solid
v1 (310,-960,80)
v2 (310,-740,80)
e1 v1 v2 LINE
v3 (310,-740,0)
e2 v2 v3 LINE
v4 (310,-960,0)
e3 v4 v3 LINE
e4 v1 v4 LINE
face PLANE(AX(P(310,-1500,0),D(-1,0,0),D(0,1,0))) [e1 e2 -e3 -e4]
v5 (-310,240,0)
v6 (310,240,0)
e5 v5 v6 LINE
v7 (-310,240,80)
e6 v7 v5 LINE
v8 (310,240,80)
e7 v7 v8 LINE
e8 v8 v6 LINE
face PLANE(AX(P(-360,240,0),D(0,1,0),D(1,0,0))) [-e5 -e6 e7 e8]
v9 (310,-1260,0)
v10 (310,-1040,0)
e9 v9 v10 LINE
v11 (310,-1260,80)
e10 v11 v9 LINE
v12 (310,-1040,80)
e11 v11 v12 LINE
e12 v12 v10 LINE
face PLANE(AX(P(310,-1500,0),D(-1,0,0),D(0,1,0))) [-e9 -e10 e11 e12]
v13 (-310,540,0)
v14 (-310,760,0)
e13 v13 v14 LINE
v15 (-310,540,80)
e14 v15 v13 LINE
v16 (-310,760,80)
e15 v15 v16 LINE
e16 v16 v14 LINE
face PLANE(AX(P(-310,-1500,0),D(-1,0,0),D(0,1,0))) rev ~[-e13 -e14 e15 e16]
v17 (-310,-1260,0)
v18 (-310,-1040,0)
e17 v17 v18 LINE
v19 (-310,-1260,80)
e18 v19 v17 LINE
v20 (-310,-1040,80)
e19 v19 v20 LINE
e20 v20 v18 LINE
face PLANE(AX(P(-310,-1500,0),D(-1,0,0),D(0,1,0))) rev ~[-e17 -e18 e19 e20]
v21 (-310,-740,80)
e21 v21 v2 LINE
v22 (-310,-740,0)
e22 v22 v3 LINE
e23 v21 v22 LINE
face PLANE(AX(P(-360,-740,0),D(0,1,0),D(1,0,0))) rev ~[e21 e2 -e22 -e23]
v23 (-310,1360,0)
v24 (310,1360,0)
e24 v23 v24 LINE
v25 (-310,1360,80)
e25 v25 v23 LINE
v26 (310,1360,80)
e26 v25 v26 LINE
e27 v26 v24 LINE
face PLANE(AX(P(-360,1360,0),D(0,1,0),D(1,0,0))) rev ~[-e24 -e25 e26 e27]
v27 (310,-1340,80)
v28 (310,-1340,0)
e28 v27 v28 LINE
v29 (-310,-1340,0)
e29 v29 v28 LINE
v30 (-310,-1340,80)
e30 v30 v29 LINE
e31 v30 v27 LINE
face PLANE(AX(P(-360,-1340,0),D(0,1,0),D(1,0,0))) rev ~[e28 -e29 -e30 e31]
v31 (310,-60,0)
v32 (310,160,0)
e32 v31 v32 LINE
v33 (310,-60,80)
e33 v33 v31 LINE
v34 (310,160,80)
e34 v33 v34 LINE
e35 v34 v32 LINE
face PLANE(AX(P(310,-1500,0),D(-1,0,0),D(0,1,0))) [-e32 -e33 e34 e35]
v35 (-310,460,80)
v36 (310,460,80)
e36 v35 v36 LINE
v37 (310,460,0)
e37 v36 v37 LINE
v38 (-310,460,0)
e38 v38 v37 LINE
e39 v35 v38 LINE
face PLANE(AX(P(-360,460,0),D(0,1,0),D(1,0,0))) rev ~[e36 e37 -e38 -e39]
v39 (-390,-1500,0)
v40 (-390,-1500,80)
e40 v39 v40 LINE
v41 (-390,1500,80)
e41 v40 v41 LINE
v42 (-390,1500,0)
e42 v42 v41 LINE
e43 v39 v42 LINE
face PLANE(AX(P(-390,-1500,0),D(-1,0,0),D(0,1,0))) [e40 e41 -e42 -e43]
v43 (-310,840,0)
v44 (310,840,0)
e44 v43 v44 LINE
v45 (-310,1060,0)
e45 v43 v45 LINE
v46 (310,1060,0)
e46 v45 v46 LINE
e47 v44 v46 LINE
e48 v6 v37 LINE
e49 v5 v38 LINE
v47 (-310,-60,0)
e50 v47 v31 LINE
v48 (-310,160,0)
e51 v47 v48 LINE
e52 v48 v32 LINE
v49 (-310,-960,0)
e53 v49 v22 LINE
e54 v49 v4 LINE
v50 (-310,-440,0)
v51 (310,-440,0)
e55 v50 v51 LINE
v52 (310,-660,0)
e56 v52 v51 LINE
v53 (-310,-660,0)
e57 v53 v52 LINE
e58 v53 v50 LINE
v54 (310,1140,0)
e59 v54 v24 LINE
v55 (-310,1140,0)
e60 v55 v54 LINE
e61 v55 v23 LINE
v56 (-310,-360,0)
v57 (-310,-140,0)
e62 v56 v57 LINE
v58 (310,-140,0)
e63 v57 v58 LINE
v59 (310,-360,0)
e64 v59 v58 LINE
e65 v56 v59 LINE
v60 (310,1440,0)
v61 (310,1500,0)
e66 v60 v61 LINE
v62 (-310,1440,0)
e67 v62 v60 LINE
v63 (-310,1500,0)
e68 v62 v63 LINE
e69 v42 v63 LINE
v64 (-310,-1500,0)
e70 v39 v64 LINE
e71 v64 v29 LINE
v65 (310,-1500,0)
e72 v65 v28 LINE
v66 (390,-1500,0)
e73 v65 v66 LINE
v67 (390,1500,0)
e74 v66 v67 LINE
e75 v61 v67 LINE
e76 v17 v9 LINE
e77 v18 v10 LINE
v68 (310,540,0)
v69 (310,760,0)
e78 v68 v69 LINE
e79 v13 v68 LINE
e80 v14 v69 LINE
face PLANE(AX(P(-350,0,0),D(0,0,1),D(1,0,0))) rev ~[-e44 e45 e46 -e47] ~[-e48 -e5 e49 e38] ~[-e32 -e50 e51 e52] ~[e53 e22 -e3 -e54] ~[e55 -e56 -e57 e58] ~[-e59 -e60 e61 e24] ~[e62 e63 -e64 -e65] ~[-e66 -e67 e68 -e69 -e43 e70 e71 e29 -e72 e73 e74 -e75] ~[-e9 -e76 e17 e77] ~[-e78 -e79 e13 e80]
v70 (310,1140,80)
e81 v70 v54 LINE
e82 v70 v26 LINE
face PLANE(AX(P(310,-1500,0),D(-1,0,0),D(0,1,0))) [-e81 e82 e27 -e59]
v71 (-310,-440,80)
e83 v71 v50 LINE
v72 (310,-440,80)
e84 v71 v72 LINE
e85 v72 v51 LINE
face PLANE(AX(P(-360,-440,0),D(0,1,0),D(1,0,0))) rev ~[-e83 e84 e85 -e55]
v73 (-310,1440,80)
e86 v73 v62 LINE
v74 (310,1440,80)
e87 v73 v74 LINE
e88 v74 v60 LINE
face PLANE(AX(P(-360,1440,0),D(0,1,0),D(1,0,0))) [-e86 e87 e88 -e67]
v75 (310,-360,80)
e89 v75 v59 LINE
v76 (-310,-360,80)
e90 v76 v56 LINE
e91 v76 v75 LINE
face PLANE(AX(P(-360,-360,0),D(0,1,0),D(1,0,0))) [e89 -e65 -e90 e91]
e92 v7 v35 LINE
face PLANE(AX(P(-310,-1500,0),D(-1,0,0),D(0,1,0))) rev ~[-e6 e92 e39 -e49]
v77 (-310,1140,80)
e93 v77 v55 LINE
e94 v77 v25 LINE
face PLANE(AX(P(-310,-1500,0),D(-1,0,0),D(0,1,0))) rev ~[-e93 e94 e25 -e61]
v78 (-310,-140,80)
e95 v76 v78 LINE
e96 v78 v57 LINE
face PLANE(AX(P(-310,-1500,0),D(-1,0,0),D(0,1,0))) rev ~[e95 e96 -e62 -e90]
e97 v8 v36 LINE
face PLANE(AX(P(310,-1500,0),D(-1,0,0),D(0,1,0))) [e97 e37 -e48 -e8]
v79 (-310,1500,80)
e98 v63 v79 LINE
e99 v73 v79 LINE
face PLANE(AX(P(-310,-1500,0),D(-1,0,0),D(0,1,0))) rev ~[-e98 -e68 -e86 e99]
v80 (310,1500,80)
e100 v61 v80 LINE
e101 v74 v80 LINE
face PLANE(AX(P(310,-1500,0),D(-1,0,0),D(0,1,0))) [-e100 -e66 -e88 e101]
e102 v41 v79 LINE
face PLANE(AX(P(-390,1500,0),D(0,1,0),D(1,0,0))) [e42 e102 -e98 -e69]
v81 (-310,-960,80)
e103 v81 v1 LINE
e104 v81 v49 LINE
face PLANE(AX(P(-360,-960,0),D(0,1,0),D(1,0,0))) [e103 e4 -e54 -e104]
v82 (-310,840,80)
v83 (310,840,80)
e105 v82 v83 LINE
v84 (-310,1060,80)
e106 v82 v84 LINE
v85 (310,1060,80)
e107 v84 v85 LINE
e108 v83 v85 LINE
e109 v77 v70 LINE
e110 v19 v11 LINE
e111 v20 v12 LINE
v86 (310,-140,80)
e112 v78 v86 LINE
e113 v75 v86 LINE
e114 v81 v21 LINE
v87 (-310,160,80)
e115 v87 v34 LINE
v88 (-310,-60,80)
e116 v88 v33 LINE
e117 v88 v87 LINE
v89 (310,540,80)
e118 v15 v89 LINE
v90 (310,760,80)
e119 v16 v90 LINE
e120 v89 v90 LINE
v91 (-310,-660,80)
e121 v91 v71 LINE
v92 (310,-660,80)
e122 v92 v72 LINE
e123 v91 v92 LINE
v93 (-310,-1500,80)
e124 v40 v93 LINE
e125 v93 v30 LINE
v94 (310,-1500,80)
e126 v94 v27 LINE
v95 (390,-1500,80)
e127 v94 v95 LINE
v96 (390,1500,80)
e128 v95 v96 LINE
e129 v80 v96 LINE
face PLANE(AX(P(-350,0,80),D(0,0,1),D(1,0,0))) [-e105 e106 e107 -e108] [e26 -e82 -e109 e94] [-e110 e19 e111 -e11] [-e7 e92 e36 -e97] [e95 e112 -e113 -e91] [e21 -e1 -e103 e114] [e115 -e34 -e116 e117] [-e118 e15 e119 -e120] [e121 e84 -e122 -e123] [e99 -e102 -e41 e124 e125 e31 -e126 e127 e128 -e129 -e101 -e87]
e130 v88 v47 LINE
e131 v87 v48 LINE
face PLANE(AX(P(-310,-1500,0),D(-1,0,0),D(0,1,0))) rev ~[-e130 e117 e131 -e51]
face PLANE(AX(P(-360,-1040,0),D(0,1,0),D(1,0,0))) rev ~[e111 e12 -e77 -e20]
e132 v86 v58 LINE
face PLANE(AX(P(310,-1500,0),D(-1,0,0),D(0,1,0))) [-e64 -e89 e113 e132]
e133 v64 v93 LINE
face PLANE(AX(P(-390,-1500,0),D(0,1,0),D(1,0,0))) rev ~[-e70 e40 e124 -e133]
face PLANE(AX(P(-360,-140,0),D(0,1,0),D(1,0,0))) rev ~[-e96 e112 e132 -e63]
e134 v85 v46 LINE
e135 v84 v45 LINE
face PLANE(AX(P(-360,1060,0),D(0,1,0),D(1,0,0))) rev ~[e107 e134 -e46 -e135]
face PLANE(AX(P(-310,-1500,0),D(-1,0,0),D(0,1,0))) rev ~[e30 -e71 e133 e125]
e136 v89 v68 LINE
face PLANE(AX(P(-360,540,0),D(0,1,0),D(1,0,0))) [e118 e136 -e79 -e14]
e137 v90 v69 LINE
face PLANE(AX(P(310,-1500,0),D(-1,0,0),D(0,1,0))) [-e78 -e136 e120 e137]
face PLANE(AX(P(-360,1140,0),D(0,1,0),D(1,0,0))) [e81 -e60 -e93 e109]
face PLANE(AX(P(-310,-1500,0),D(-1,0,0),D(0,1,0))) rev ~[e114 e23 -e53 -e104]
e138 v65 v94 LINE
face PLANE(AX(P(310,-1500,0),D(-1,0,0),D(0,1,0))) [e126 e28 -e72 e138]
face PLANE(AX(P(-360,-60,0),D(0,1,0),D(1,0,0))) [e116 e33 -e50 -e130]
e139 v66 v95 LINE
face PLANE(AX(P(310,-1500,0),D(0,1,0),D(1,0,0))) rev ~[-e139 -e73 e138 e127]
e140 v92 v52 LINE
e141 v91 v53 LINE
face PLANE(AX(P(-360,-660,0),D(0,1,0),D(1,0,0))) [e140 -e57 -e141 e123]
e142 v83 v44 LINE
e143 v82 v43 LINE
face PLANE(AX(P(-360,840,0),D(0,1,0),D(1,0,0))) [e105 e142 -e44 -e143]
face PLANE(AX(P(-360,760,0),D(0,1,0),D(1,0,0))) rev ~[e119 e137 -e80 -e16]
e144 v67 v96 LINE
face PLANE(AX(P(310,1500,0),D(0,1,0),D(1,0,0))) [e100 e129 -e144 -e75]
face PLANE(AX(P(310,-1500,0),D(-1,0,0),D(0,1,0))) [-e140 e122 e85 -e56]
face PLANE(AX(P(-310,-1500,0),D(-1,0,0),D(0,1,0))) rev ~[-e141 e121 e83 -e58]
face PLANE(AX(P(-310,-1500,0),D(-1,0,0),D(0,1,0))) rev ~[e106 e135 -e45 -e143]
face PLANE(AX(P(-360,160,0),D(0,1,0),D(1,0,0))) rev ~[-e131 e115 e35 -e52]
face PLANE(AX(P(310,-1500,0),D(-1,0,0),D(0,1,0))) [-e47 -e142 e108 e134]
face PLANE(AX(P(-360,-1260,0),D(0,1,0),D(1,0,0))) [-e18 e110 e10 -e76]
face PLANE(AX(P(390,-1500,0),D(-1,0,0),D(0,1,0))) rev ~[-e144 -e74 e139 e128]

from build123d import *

# Parameters (mm, degrees)
SKETCH_1_W       = 80
SKETCH_1_H       = 3000
EXTRUDE_1_DEPTH  = 80
SKETCH_2_W       = 80
SKETCH_2_H       = 3000
EXTRUDE_2_DEPTH  = 80
SKETCH_3_W       = 720
SKETCH_3_H       = 80
EXTRUDE_3_DEPTH  = 80
SKETCH_4_W       = 720
SKETCH_4_H       = 80
EXTRUDE_4_DEPTH  = 80
SKETCH_5_W       = 720
SKETCH_5_H       = 80
EXTRUDE_5_DEPTH  = 80
SKETCH_6_W       = 720
SKETCH_6_H       = 80
EXTRUDE_6_DEPTH  = 80
SKETCH_7_W       = 720
SKETCH_7_H       = 80
EXTRUDE_7_DEPTH  = 80
SKETCH_8_W       = 720
SKETCH_8_H       = 80
EXTRUDE_8_DEPTH  = 80
SKETCH_9_W       = 720
SKETCH_9_H       = 80
EXTRUDE_9_DEPTH  = 80
SKETCH_10_W      = 720
SKETCH_10_H      = 80
EXTRUDE_10_DEPTH = 80
SKETCH_11_W      = 720
SKETCH_11_H      = 80
EXTRUDE_11_DEPTH = 80
SKETCH_12_W      = 720
SKETCH_12_H      = 80
EXTRUDE_12_DEPTH = 80


with BuildPart() as part:
    # 草图1 → 凸台-拉伸1 (new body)
    with BuildSketch(Plane.XY):
        with Locations((-350, 0)):
            Rectangle(SKETCH_1_W, SKETCH_1_H)
    extrude(amount=EXTRUDE_1_DEPTH)



with BuildPart() as body_2:
    # 草图2 → 凸台-拉伸2 (new body)
    with BuildSketch(Plane.XY):
        with Locations((350, 0)):
            Rectangle(SKETCH_2_W, SKETCH_2_H)
    extrude(amount=EXTRUDE_2_DEPTH)


with BuildPart() as part_1:
    add(part.part)

    add(body_2.part)  # 凸台-拉伸3 merges body 2
    # 草图3 → 凸台-拉伸3 (add)
    with BuildSketch(Plane.XY):
        with Locations((0, 1400)):
            Rectangle(SKETCH_3_W, SKETCH_3_H)
    extrude(amount=EXTRUDE_3_DEPTH)

    # 草图4 → 凸台-拉伸4 (add)
    with BuildSketch(Plane.XY):
        with Locations((0, 1100)):
            Rectangle(SKETCH_4_W, SKETCH_4_H)
    extrude(amount=EXTRUDE_4_DEPTH)

    # 草图5 → 凸台-拉伸5 (add)
    with BuildSketch(Plane.XY):
        with Locations((0, 800)):
            Rectangle(SKETCH_5_W, SKETCH_5_H)
    extrude(amount=EXTRUDE_5_DEPTH)

    # 草图6 → 凸台-拉伸6 (add)
    with BuildSketch(Plane.XY):
        with Locations((0, 500)):
            Rectangle(SKETCH_6_W, SKETCH_6_H)
    extrude(amount=EXTRUDE_6_DEPTH)

    # 草图7 → 凸台-拉伸7 (add)
    with BuildSketch(Plane.XY):
        with Locations((0, 200)):
            Rectangle(SKETCH_7_W, SKETCH_7_H)
    extrude(amount=EXTRUDE_7_DEPTH)

    # 草图8 → 凸台-拉伸8 (add)
    with BuildSketch(Plane.XY):
        with Locations((0, -100)):
            Rectangle(SKETCH_8_W, SKETCH_8_H)
    extrude(amount=EXTRUDE_8_DEPTH)

    # 草图9 → 凸台-拉伸9 (add)
    with BuildSketch(Plane.XY):
        with Locations((0, -400)):
            Rectangle(SKETCH_9_W, SKETCH_9_H)
    extrude(amount=EXTRUDE_9_DEPTH)

    # 草图10 → 凸台-拉伸10 (add)
    with BuildSketch(Plane.XY):
        with Locations((0, -700)):
            Rectangle(SKETCH_10_W, SKETCH_10_H)
    extrude(amount=EXTRUDE_10_DEPTH)

    # 草图11 → 凸台-拉伸11 (add)
    with BuildSketch(Plane.XY):
        with Locations((0, -1000)):
            Rectangle(SKETCH_11_W, SKETCH_11_H)
    extrude(amount=EXTRUDE_11_DEPTH)

    # 草图12 → 凸台-拉伸12 (add)
    with BuildSketch(Plane.XY):
        with Locations((0, -1300)):
            Rectangle(SKETCH_12_W, SKETCH_12_H)
    extrude(amount=EXTRUDE_12_DEPTH)


solid = part_1.part
